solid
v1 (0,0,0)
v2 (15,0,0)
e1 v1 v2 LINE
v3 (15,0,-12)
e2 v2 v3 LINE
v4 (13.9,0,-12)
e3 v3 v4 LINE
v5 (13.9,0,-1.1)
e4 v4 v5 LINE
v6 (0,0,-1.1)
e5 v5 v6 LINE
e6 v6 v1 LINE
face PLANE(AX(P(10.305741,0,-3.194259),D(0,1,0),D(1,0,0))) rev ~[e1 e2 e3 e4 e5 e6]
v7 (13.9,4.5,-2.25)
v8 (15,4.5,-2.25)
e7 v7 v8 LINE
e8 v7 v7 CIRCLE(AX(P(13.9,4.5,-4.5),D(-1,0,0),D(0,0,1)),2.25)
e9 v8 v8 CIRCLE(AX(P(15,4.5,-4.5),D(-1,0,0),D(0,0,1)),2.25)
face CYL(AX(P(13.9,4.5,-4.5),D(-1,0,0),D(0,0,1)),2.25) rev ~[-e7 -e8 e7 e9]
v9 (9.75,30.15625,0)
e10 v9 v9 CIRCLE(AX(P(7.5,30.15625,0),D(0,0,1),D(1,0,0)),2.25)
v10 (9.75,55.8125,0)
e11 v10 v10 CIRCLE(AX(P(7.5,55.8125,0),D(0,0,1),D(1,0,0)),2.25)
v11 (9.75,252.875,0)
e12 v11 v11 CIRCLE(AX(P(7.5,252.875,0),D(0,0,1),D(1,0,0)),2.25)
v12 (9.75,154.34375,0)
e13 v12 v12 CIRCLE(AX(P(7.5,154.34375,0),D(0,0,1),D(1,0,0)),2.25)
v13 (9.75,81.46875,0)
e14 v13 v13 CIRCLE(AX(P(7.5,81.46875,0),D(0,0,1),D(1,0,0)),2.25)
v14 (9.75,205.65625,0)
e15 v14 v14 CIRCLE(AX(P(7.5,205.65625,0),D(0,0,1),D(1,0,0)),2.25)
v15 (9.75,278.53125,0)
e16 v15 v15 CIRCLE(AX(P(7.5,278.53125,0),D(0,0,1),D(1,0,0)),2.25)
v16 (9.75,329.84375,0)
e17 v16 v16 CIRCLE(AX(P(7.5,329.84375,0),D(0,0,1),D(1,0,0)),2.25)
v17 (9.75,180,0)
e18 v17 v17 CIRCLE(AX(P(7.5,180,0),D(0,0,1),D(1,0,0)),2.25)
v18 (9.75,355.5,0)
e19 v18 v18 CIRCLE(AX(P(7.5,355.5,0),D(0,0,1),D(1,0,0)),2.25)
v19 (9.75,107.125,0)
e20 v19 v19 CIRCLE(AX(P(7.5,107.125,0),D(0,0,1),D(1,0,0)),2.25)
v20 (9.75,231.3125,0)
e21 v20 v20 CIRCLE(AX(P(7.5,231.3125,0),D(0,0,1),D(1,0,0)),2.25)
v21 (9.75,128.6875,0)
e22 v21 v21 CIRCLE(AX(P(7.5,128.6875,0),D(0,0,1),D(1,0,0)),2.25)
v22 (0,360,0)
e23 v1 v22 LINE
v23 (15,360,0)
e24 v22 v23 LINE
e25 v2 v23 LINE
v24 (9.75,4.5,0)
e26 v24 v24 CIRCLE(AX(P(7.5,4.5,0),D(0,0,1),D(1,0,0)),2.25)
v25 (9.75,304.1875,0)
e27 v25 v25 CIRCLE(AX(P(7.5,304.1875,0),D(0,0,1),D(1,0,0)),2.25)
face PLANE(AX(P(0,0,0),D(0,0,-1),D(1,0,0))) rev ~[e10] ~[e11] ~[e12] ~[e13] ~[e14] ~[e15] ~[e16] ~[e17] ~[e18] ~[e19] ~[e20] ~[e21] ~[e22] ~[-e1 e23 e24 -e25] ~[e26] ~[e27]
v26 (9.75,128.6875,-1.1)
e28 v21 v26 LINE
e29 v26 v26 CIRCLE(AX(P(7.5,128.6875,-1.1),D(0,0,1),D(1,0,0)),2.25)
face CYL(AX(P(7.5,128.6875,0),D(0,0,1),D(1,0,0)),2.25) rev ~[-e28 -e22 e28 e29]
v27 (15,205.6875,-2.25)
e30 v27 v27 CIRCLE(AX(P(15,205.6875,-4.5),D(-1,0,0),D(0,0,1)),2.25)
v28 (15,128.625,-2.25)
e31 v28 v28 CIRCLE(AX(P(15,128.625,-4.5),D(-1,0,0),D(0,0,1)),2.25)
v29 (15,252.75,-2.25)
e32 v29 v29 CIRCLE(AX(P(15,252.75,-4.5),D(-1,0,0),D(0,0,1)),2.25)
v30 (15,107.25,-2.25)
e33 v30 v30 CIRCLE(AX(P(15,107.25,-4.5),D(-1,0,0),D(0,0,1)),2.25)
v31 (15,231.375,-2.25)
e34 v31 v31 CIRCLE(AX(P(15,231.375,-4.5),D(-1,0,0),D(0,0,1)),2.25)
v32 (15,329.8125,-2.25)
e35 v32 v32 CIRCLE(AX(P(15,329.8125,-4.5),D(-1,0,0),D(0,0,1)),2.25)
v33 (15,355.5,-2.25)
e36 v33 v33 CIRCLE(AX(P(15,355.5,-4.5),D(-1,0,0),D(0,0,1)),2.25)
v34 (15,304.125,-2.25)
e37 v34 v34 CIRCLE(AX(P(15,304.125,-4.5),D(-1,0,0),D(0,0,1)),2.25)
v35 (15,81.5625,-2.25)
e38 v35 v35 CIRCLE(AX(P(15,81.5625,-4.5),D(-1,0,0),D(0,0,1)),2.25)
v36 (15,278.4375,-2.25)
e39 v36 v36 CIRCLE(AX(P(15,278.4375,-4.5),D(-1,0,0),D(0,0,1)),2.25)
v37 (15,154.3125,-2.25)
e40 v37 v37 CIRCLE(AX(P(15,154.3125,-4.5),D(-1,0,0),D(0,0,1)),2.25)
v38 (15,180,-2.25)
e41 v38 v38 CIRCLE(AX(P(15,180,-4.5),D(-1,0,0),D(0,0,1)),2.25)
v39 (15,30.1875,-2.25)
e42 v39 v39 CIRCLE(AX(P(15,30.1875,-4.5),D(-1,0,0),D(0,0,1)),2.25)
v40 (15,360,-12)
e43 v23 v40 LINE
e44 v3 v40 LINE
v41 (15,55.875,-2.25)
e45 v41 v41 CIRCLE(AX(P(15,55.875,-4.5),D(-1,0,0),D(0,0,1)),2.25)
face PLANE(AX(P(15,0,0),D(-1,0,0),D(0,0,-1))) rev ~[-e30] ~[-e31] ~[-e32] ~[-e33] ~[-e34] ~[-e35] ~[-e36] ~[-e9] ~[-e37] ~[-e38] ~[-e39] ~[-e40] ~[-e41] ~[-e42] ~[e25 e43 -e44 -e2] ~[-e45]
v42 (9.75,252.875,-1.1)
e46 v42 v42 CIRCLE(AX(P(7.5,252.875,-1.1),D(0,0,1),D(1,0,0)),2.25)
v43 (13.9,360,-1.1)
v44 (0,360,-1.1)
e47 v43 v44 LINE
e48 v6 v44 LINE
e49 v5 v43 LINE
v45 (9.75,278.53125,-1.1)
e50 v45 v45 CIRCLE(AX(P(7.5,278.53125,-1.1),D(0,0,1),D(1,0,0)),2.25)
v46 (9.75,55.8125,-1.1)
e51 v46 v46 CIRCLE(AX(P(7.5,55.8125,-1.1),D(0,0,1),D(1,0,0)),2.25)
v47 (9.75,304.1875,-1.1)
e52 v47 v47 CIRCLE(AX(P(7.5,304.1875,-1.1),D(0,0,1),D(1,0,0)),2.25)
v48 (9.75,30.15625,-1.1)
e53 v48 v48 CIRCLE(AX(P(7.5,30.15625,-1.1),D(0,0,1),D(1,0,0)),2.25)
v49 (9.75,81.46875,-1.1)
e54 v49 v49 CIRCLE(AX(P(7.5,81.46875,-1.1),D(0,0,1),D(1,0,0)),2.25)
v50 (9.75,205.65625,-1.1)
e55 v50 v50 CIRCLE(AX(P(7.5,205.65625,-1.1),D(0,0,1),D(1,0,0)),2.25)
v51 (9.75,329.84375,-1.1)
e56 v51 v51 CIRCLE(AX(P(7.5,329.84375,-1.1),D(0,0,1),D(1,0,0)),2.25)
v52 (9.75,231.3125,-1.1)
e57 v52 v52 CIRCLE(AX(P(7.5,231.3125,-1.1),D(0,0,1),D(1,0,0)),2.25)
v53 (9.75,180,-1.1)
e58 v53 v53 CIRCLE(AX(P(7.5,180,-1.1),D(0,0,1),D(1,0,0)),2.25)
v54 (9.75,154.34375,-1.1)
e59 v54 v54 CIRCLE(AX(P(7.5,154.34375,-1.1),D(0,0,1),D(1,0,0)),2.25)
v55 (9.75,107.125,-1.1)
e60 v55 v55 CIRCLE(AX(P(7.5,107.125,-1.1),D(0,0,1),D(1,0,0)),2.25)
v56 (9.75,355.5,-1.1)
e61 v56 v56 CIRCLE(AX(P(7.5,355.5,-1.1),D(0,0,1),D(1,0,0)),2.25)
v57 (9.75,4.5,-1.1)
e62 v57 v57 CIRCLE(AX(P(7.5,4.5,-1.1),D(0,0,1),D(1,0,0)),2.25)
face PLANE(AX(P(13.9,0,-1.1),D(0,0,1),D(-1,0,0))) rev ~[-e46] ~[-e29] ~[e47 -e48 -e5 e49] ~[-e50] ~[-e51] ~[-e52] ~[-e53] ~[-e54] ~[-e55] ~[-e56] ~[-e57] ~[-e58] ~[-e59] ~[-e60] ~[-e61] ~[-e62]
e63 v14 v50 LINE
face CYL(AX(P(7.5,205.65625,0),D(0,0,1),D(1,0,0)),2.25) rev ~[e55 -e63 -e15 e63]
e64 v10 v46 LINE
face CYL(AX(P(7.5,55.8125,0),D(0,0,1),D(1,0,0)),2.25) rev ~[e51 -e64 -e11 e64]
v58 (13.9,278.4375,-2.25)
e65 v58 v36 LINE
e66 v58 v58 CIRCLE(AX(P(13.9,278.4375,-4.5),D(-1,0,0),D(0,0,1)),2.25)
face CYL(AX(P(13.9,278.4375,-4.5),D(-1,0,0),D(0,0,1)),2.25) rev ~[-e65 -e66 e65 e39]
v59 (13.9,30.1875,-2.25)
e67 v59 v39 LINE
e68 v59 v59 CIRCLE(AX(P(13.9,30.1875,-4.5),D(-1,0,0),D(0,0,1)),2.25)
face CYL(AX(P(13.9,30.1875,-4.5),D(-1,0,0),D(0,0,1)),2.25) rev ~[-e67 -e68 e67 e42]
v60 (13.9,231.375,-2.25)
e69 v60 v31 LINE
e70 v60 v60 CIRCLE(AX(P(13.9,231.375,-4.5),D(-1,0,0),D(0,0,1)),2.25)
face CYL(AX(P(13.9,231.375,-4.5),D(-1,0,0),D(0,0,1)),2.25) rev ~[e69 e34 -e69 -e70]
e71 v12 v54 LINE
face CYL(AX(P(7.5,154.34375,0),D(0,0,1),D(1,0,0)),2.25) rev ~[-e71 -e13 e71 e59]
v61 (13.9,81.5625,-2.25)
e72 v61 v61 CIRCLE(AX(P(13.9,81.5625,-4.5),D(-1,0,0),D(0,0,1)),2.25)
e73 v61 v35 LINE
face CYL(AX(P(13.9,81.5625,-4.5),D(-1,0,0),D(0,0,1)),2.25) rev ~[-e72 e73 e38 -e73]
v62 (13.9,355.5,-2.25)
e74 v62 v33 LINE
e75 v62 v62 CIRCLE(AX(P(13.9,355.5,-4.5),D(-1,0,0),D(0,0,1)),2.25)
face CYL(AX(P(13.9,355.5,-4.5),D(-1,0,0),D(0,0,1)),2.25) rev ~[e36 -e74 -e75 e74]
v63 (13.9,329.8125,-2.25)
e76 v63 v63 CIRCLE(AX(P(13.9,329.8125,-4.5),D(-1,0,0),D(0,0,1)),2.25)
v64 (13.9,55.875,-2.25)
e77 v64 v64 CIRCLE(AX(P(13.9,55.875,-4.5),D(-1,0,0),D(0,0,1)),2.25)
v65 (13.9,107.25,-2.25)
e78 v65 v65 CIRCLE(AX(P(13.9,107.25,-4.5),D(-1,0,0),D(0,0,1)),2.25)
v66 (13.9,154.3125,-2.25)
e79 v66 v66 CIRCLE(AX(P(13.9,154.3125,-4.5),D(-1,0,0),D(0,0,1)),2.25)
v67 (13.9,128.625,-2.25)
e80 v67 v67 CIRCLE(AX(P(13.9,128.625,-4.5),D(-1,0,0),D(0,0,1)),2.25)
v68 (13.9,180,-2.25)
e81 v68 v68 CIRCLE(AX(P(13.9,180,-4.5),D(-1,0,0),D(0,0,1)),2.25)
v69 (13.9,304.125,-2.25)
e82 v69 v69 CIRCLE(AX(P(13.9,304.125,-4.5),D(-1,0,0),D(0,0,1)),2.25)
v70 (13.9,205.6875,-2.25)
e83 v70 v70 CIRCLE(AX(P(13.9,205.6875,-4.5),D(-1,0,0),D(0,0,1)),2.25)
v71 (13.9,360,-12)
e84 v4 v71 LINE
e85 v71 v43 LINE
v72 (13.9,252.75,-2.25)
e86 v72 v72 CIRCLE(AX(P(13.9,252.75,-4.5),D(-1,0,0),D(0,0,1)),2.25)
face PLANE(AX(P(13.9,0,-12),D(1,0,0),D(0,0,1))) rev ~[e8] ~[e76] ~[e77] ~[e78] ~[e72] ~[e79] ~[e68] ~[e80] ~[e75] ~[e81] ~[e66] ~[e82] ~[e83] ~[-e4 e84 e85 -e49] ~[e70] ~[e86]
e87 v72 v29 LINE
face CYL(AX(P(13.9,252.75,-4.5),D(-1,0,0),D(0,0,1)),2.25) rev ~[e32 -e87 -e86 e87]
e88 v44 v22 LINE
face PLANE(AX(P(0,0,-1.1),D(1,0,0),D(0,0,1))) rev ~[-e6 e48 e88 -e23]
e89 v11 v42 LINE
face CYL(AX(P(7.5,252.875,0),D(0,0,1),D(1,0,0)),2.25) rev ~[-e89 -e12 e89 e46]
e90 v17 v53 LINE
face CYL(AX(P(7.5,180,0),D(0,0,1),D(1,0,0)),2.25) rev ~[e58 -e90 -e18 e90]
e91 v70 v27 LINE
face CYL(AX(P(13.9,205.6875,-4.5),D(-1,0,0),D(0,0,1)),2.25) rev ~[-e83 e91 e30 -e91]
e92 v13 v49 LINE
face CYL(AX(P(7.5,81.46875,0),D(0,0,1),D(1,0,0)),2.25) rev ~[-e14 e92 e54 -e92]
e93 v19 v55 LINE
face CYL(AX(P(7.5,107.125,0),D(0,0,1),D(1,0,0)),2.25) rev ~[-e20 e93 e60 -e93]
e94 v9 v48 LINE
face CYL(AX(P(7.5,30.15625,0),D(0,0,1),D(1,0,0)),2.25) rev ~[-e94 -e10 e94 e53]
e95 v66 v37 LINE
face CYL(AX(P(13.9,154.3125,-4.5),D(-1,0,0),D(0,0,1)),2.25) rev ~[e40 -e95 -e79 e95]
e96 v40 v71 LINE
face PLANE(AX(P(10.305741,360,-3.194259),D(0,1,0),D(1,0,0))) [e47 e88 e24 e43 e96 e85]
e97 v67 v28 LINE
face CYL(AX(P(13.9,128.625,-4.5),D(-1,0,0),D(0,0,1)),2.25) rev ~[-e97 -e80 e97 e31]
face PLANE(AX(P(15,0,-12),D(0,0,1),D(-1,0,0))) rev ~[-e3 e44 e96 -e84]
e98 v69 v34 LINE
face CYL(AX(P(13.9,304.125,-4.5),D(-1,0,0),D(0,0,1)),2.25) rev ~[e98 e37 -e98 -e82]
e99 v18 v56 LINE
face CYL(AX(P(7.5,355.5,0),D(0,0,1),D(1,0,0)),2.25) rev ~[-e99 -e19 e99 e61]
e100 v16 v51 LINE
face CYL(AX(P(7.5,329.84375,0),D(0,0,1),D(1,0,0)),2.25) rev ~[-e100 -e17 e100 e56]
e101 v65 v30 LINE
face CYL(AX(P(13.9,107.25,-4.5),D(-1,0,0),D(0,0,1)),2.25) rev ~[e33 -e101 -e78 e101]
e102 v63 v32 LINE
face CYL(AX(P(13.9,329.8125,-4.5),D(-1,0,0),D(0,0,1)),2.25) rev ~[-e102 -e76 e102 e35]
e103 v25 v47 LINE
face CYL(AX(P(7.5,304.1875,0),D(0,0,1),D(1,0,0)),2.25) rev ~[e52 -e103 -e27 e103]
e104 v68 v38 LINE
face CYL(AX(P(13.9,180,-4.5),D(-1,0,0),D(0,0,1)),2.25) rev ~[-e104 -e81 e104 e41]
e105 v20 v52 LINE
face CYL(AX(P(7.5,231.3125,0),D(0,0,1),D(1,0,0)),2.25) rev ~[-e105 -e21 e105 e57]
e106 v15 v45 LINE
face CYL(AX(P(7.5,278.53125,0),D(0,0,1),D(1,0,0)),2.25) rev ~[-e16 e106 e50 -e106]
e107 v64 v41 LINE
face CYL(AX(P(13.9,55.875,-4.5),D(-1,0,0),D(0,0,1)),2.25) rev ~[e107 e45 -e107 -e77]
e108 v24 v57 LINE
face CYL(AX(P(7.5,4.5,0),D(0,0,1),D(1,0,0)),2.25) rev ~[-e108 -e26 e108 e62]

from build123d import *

# Parameters (mm, degrees)
BOSS_EXTRUDE1_DEPTH       = 360
CUT_EXTRUDE1_REACH        = 3.1
SKETCH2_R                 = 2.25
SKETCH3_R                 = 2.25
CUT_EXTRUDE2_DEPTH        = 1.1
LPATTERN1_COUNT           = 5
LPATTERN1_PITCH           = 25.65625
LPATTERN2_COUNT           = 3
LPATTERN2_PITCH           = 124.1875
LPATTERN2_COPY_1_SKETCH_R = 2.25
LPATTERN2_COPY_1_DEPTH    = 1.1
LPATTERN2_COPY_2_SKETCH_R = 2.25
LPATTERN2_COPY_2_DEPTH    = 1.1
LPATTERN2_COPY_3_SKETCH_R = 2.25
LPATTERN2_COPY_3_DEPTH    = 1.1
LPATTERN2_COPY_4_SKETCH_R = 2.25
LPATTERN2_COPY_4_DEPTH    = 1.1
LPATTERN2_COPY_5_SKETCH_R = 2.25
LPATTERN2_COPY_5_DEPTH    = 1.1
LPATTERN2_COPY_6_SKETCH_R = 2.25
LPATTERN2_COPY_6_DEPTH    = 1.1
LPATTERN2_COPY_7_SKETCH_R = 2.25
LPATTERN2_COPY_7_DEPTH    = 1.1
LPATTERN2_COPY_8_SKETCH_R = 2.25
LPATTERN2_COPY_8_DEPTH    = 1.1


with BuildPart() as part:
    # Sketch1 → Boss-Extrude1 (new body)
    with BuildSketch(Plane(origin=(0, 0, 0), x_dir=(1, 0, 0), z_dir=(0, 1, 0))):
        Polygon((0, 0), (15, 0), (15, 12), (13.9, 12), (13.9, 1.1), (0, 1.1), align=None)
    extrude(amount=BOSS_EXTRUDE1_DEPTH)

    # Sketch2 → Cut-Extrude1 (cut, up to next)
    with BuildSketch(Plane.ZY.offset(-13.9), mode=Mode.PRIVATE) as cut_extrude1_sk1:
        with Locations((-4.5, 329.8125)):
            Circle(SKETCH2_R)
    cut_extrude1_tool1 = extrude(cut_extrude1_sk1.sketch, amount=-CUT_EXTRUDE1_REACH, mode=Mode.PRIVATE) & part.part
    add(cut_extrude1_tool1.solids().sort_by_distance((13.9, 329.8125, -4.5))[0], mode=Mode.SUBTRACT)
    # Sketch2 → Cut-Extrude1 (cut, up to next)
    with BuildSketch(Plane.ZY.offset(-13.9), mode=Mode.PRIVATE) as cut_extrude1_sk2:
        with Locations((-4.5, 304.125)):
            Circle(SKETCH2_R)
    cut_extrude1_tool2 = extrude(cut_extrude1_sk2.sketch, amount=-CUT_EXTRUDE1_REACH, mode=Mode.PRIVATE) & part.part
    add(cut_extrude1_tool2.solids().sort_by_distance((13.9, 304.125, -4.5))[0], mode=Mode.SUBTRACT)
    # Sketch2 → Cut-Extrude1 (cut, up to next)
    with BuildSketch(Plane.ZY.offset(-13.9), mode=Mode.PRIVATE) as cut_extrude1_sk3:
        with Locations((-4.5, 278.4375)):
            Circle(SKETCH2_R)
    cut_extrude1_tool3 = extrude(cut_extrude1_sk3.sketch, amount=-CUT_EXTRUDE1_REACH, mode=Mode.PRIVATE) & part.part
    add(cut_extrude1_tool3.solids().sort_by_distance((13.9, 278.4375, -4.5))[0], mode=Mode.SUBTRACT)
    # Sketch2 → Cut-Extrude1 (cut, up to next)
    with BuildSketch(Plane.ZY.offset(-13.9), mode=Mode.PRIVATE) as cut_extrude1_sk4:
        with Locations((-4.5, 252.75)):
            Circle(SKETCH2_R)
    cut_extrude1_tool4 = extrude(cut_extrude1_sk4.sketch, amount=-CUT_EXTRUDE1_REACH, mode=Mode.PRIVATE) & part.part
    add(cut_extrude1_tool4.solids().sort_by_distance((13.9, 252.75, -4.5))[0], mode=Mode.SUBTRACT)
    # Sketch2 → Cut-Extrude1 (cut, up to next)
    with BuildSketch(Plane.ZY.offset(-13.9), mode=Mode.PRIVATE) as cut_extrude1_sk5:
        with Locations((-4.5, 231.375)):
            Circle(SKETCH2_R)
    cut_extrude1_tool5 = extrude(cut_extrude1_sk5.sketch, amount=-CUT_EXTRUDE1_REACH, mode=Mode.PRIVATE) & part.part
    add(cut_extrude1_tool5.solids().sort_by_distance((13.9, 231.375, -4.5))[0], mode=Mode.SUBTRACT)
    # Sketch2 → Cut-Extrude1 (cut, up to next)
    with BuildSketch(Plane.ZY.offset(-13.9), mode=Mode.PRIVATE) as cut_extrude1_sk6:
        with Locations((-4.5, 205.6875)):
            Circle(SKETCH2_R)
    cut_extrude1_tool6 = extrude(cut_extrude1_sk6.sketch, amount=-CUT_EXTRUDE1_REACH, mode=Mode.PRIVATE) & part.part
    add(cut_extrude1_tool6.solids().sort_by_distance((13.9, 205.6875, -4.5))[0], mode=Mode.SUBTRACT)
    # Sketch2 → Cut-Extrude1 (cut, up to next)
    with BuildSketch(Plane.ZY.offset(-13.9), mode=Mode.PRIVATE) as cut_extrude1_sk7:
        with Locations((-4.5, 180)):
            Circle(SKETCH2_R)
    cut_extrude1_tool7 = extrude(cut_extrude1_sk7.sketch, amount=-CUT_EXTRUDE1_REACH, mode=Mode.PRIVATE) & part.part
    add(cut_extrude1_tool7.solids().sort_by_distance((13.9, 180, -4.5))[0], mode=Mode.SUBTRACT)
    # Sketch2 → Cut-Extrude1 (cut, up to next)
    with BuildSketch(Plane.ZY.offset(-13.9), mode=Mode.PRIVATE) as cut_extrude1_sk8:
        with Locations((-4.5, 154.3125)):
            Circle(SKETCH2_R)
    cut_extrude1_tool8 = extrude(cut_extrude1_sk8.sketch, amount=-CUT_EXTRUDE1_REACH, mode=Mode.PRIVATE) & part.part
    add(cut_extrude1_tool8.solids().sort_by_distance((13.9, 154.3125, -4.5))[0], mode=Mode.SUBTRACT)
    # Sketch2 → Cut-Extrude1 (cut, up to next)
    with BuildSketch(Plane.ZY.offset(-13.9), mode=Mode.PRIVATE) as cut_extrude1_sk9:
        with Locations((-4.5, 128.625)):
            Circle(SKETCH2_R)
    cut_extrude1_tool9 = extrude(cut_extrude1_sk9.sketch, amount=-CUT_EXTRUDE1_REACH, mode=Mode.PRIVATE) & part.part
    add(cut_extrude1_tool9.solids().sort_by_distance((13.9, 128.625, -4.5))[0], mode=Mode.SUBTRACT)
    # Sketch2 → Cut-Extrude1 (cut, up to next)
    with BuildSketch(Plane.ZY.offset(-13.9), mode=Mode.PRIVATE) as cut_extrude1_sk10:
        with Locations((-4.5, 107.25)):
            Circle(SKETCH2_R)
    cut_extrude1_tool10 = extrude(cut_extrude1_sk10.sketch, amount=-CUT_EXTRUDE1_REACH, mode=Mode.PRIVATE) & part.part
    add(cut_extrude1_tool10.solids().sort_by_distance((13.9, 107.25, -4.5))[0], mode=Mode.SUBTRACT)
    # Sketch2 → Cut-Extrude1 (cut, up to next)
    with BuildSketch(Plane.ZY.offset(-13.9), mode=Mode.PRIVATE) as cut_extrude1_sk11:
        with Locations((-4.5, 81.5625)):
            Circle(SKETCH2_R)
    cut_extrude1_tool11 = extrude(cut_extrude1_sk11.sketch, amount=-CUT_EXTRUDE1_REACH, mode=Mode.PRIVATE) & part.part
    add(cut_extrude1_tool11.solids().sort_by_distance((13.9, 81.5625, -4.5))[0], mode=Mode.SUBTRACT)
    # Sketch2 → Cut-Extrude1 (cut, up to next)
    with BuildSketch(Plane.ZY.offset(-13.9), mode=Mode.PRIVATE) as cut_extrude1_sk12:
        with Locations((-4.5, 55.875)):
            Circle(SKETCH2_R)
    cut_extrude1_tool12 = extrude(cut_extrude1_sk12.sketch, amount=-CUT_EXTRUDE1_REACH, mode=Mode.PRIVATE) & part.part
    add(cut_extrude1_tool12.solids().sort_by_distance((13.9, 55.875, -4.5))[0], mode=Mode.SUBTRACT)
    # Sketch2 → Cut-Extrude1 (cut, up to next)
    with BuildSketch(Plane.ZY.offset(-13.9), mode=Mode.PRIVATE) as cut_extrude1_sk13:
        with Locations((-4.5, 30.1875)):
            Circle(SKETCH2_R)
    cut_extrude1_tool13 = extrude(cut_extrude1_sk13.sketch, amount=-CUT_EXTRUDE1_REACH, mode=Mode.PRIVATE) & part.part
    add(cut_extrude1_tool13.solids().sort_by_distance((13.9, 30.1875, -4.5))[0], mode=Mode.SUBTRACT)
    # Sketch2 → Cut-Extrude1 (cut, up to next)
    with BuildSketch(Plane.ZY.offset(-13.9), mode=Mode.PRIVATE) as cut_extrude1_sk14:
        with Locations((-4.5, 4.5)):
            Circle(SKETCH2_R)
    cut_extrude1_tool14 = extrude(cut_extrude1_sk14.sketch, amount=-CUT_EXTRUDE1_REACH, mode=Mode.PRIVATE) & part.part
    add(cut_extrude1_tool14.solids().sort_by_distance((13.9, 4.5, -4.5))[0], mode=Mode.SUBTRACT)
    # Sketch2 → Cut-Extrude1 (cut, up to next)
    with BuildSketch(Plane.ZY.offset(-13.9), mode=Mode.PRIVATE) as cut_extrude1_sk15:
        with Locations((-4.5, 355.5)):
            Circle(SKETCH2_R)
    cut_extrude1_tool15 = extrude(cut_extrude1_sk15.sketch, amount=-CUT_EXTRUDE1_REACH, mode=Mode.PRIVATE) & part.part
    add(cut_extrude1_tool15.solids().sort_by_distance((13.9, 355.5, -4.5))[0], mode=Mode.SUBTRACT)

    # Sketch3 → Cut-Extrude2 (cut)
    with BuildSketch(Plane.XY):
        with Locations((7.5, 355.5)):
            Circle(SKETCH3_R)
    cut_extrude2 = extrude(amount=-CUT_EXTRUDE2_DEPTH, mode=Mode.SUBTRACT)

    # LPattern1: Cut-Extrude2 ×5
    with Locations(*[(0, -i * LPATTERN1_PITCH, 0) for i in range(1, LPATTERN1_COUNT)]):
        add(cut_extrude2, mode=Mode.SUBTRACT)

    # LPattern2: Cut-Extrude2 ×3
    with Locations(*[(0, -i * LPATTERN2_PITCH, 0) for i in range(1, LPATTERN2_COUNT)]):
        add(cut_extrude2, mode=Mode.SUBTRACT)

    # LPattern2 copy 1 sketch → LPattern2 copy 1 (cut)
    with BuildSketch(Plane(origin=(0, -149.84375, 0), x_dir=(1, 0, 0), z_dir=(0, 0, 1))):
        with Locations((7.5, 355.5)):
            Circle(LPATTERN2_COPY_1_SKETCH_R)
    extrude(amount=-LPATTERN2_COPY_1_DEPTH, mode=Mode.SUBTRACT)

    # LPattern2 copy 2 sketch → LPattern2 copy 2 (cut)
    with BuildSketch(Plane(origin=(0, -274.03125, 0), x_dir=(1, 0, 0), z_dir=(0, 0, 1))):
        with Locations((7.5, 355.5)):
            Circle(LPATTERN2_COPY_2_SKETCH_R)
    extrude(amount=-LPATTERN2_COPY_2_DEPTH, mode=Mode.SUBTRACT)

    # LPattern2 copy 3 sketch → LPattern2 copy 3 (cut)
    with BuildSketch(Plane(origin=(0, -175.5, 0), x_dir=(1, 0, 0), z_dir=(0, 0, 1))):
        with Locations((7.5, 355.5)):
            Circle(LPATTERN2_COPY_3_SKETCH_R)
    extrude(amount=-LPATTERN2_COPY_3_DEPTH, mode=Mode.SUBTRACT)

    # LPattern2 copy 4 sketch → LPattern2 copy 4 (cut)
    with BuildSketch(Plane(origin=(0, -299.6875, 0), x_dir=(1, 0, 0), z_dir=(0, 0, 1))):
        with Locations((7.5, 355.5)):
            Circle(LPATTERN2_COPY_4_SKETCH_R)
    extrude(amount=-LPATTERN2_COPY_4_DEPTH, mode=Mode.SUBTRACT)

    # LPattern2 copy 5 sketch → LPattern2 copy 5 (cut)
    with BuildSketch(Plane(origin=(0, -201.15625, 0), x_dir=(1, 0, 0), z_dir=(0, 0, 1))):
        with Locations((7.5, 355.5)):
            Circle(LPATTERN2_COPY_5_SKETCH_R)
    extrude(amount=-LPATTERN2_COPY_5_DEPTH, mode=Mode.SUBTRACT)

    # LPattern2 copy 6 sketch → LPattern2 copy 6 (cut)
    with BuildSketch(Plane(origin=(0, -325.34375, 0), x_dir=(1, 0, 0), z_dir=(0, 0, 1))):
        with Locations((7.5, 355.5)):
            Circle(LPATTERN2_COPY_6_SKETCH_R)
    extrude(amount=-LPATTERN2_COPY_6_DEPTH, mode=Mode.SUBTRACT)

    # LPattern2 copy 7 sketch → LPattern2 copy 7 (cut)
    with BuildSketch(Plane(origin=(0, -226.8125, 0), x_dir=(1, 0, 0), z_dir=(0, 0, 1))):
        with Locations((7.5, 355.5)):
            Circle(LPATTERN2_COPY_7_SKETCH_R)
    extrude(amount=-LPATTERN2_COPY_7_DEPTH, mode=Mode.SUBTRACT)

    # LPattern2 copy 8 sketch → LPattern2 copy 8 (cut)
    with BuildSketch(Plane(origin=(0, -351, 0), x_dir=(1, 0, 0), z_dir=(0, 0, 1))):
        with Locations((7.5, 355.5)):
            Circle(LPATTERN2_COPY_8_SKETCH_R)
    extrude(amount=-LPATTERN2_COPY_8_DEPTH, mode=Mode.SUBTRACT)


solid = part.part
